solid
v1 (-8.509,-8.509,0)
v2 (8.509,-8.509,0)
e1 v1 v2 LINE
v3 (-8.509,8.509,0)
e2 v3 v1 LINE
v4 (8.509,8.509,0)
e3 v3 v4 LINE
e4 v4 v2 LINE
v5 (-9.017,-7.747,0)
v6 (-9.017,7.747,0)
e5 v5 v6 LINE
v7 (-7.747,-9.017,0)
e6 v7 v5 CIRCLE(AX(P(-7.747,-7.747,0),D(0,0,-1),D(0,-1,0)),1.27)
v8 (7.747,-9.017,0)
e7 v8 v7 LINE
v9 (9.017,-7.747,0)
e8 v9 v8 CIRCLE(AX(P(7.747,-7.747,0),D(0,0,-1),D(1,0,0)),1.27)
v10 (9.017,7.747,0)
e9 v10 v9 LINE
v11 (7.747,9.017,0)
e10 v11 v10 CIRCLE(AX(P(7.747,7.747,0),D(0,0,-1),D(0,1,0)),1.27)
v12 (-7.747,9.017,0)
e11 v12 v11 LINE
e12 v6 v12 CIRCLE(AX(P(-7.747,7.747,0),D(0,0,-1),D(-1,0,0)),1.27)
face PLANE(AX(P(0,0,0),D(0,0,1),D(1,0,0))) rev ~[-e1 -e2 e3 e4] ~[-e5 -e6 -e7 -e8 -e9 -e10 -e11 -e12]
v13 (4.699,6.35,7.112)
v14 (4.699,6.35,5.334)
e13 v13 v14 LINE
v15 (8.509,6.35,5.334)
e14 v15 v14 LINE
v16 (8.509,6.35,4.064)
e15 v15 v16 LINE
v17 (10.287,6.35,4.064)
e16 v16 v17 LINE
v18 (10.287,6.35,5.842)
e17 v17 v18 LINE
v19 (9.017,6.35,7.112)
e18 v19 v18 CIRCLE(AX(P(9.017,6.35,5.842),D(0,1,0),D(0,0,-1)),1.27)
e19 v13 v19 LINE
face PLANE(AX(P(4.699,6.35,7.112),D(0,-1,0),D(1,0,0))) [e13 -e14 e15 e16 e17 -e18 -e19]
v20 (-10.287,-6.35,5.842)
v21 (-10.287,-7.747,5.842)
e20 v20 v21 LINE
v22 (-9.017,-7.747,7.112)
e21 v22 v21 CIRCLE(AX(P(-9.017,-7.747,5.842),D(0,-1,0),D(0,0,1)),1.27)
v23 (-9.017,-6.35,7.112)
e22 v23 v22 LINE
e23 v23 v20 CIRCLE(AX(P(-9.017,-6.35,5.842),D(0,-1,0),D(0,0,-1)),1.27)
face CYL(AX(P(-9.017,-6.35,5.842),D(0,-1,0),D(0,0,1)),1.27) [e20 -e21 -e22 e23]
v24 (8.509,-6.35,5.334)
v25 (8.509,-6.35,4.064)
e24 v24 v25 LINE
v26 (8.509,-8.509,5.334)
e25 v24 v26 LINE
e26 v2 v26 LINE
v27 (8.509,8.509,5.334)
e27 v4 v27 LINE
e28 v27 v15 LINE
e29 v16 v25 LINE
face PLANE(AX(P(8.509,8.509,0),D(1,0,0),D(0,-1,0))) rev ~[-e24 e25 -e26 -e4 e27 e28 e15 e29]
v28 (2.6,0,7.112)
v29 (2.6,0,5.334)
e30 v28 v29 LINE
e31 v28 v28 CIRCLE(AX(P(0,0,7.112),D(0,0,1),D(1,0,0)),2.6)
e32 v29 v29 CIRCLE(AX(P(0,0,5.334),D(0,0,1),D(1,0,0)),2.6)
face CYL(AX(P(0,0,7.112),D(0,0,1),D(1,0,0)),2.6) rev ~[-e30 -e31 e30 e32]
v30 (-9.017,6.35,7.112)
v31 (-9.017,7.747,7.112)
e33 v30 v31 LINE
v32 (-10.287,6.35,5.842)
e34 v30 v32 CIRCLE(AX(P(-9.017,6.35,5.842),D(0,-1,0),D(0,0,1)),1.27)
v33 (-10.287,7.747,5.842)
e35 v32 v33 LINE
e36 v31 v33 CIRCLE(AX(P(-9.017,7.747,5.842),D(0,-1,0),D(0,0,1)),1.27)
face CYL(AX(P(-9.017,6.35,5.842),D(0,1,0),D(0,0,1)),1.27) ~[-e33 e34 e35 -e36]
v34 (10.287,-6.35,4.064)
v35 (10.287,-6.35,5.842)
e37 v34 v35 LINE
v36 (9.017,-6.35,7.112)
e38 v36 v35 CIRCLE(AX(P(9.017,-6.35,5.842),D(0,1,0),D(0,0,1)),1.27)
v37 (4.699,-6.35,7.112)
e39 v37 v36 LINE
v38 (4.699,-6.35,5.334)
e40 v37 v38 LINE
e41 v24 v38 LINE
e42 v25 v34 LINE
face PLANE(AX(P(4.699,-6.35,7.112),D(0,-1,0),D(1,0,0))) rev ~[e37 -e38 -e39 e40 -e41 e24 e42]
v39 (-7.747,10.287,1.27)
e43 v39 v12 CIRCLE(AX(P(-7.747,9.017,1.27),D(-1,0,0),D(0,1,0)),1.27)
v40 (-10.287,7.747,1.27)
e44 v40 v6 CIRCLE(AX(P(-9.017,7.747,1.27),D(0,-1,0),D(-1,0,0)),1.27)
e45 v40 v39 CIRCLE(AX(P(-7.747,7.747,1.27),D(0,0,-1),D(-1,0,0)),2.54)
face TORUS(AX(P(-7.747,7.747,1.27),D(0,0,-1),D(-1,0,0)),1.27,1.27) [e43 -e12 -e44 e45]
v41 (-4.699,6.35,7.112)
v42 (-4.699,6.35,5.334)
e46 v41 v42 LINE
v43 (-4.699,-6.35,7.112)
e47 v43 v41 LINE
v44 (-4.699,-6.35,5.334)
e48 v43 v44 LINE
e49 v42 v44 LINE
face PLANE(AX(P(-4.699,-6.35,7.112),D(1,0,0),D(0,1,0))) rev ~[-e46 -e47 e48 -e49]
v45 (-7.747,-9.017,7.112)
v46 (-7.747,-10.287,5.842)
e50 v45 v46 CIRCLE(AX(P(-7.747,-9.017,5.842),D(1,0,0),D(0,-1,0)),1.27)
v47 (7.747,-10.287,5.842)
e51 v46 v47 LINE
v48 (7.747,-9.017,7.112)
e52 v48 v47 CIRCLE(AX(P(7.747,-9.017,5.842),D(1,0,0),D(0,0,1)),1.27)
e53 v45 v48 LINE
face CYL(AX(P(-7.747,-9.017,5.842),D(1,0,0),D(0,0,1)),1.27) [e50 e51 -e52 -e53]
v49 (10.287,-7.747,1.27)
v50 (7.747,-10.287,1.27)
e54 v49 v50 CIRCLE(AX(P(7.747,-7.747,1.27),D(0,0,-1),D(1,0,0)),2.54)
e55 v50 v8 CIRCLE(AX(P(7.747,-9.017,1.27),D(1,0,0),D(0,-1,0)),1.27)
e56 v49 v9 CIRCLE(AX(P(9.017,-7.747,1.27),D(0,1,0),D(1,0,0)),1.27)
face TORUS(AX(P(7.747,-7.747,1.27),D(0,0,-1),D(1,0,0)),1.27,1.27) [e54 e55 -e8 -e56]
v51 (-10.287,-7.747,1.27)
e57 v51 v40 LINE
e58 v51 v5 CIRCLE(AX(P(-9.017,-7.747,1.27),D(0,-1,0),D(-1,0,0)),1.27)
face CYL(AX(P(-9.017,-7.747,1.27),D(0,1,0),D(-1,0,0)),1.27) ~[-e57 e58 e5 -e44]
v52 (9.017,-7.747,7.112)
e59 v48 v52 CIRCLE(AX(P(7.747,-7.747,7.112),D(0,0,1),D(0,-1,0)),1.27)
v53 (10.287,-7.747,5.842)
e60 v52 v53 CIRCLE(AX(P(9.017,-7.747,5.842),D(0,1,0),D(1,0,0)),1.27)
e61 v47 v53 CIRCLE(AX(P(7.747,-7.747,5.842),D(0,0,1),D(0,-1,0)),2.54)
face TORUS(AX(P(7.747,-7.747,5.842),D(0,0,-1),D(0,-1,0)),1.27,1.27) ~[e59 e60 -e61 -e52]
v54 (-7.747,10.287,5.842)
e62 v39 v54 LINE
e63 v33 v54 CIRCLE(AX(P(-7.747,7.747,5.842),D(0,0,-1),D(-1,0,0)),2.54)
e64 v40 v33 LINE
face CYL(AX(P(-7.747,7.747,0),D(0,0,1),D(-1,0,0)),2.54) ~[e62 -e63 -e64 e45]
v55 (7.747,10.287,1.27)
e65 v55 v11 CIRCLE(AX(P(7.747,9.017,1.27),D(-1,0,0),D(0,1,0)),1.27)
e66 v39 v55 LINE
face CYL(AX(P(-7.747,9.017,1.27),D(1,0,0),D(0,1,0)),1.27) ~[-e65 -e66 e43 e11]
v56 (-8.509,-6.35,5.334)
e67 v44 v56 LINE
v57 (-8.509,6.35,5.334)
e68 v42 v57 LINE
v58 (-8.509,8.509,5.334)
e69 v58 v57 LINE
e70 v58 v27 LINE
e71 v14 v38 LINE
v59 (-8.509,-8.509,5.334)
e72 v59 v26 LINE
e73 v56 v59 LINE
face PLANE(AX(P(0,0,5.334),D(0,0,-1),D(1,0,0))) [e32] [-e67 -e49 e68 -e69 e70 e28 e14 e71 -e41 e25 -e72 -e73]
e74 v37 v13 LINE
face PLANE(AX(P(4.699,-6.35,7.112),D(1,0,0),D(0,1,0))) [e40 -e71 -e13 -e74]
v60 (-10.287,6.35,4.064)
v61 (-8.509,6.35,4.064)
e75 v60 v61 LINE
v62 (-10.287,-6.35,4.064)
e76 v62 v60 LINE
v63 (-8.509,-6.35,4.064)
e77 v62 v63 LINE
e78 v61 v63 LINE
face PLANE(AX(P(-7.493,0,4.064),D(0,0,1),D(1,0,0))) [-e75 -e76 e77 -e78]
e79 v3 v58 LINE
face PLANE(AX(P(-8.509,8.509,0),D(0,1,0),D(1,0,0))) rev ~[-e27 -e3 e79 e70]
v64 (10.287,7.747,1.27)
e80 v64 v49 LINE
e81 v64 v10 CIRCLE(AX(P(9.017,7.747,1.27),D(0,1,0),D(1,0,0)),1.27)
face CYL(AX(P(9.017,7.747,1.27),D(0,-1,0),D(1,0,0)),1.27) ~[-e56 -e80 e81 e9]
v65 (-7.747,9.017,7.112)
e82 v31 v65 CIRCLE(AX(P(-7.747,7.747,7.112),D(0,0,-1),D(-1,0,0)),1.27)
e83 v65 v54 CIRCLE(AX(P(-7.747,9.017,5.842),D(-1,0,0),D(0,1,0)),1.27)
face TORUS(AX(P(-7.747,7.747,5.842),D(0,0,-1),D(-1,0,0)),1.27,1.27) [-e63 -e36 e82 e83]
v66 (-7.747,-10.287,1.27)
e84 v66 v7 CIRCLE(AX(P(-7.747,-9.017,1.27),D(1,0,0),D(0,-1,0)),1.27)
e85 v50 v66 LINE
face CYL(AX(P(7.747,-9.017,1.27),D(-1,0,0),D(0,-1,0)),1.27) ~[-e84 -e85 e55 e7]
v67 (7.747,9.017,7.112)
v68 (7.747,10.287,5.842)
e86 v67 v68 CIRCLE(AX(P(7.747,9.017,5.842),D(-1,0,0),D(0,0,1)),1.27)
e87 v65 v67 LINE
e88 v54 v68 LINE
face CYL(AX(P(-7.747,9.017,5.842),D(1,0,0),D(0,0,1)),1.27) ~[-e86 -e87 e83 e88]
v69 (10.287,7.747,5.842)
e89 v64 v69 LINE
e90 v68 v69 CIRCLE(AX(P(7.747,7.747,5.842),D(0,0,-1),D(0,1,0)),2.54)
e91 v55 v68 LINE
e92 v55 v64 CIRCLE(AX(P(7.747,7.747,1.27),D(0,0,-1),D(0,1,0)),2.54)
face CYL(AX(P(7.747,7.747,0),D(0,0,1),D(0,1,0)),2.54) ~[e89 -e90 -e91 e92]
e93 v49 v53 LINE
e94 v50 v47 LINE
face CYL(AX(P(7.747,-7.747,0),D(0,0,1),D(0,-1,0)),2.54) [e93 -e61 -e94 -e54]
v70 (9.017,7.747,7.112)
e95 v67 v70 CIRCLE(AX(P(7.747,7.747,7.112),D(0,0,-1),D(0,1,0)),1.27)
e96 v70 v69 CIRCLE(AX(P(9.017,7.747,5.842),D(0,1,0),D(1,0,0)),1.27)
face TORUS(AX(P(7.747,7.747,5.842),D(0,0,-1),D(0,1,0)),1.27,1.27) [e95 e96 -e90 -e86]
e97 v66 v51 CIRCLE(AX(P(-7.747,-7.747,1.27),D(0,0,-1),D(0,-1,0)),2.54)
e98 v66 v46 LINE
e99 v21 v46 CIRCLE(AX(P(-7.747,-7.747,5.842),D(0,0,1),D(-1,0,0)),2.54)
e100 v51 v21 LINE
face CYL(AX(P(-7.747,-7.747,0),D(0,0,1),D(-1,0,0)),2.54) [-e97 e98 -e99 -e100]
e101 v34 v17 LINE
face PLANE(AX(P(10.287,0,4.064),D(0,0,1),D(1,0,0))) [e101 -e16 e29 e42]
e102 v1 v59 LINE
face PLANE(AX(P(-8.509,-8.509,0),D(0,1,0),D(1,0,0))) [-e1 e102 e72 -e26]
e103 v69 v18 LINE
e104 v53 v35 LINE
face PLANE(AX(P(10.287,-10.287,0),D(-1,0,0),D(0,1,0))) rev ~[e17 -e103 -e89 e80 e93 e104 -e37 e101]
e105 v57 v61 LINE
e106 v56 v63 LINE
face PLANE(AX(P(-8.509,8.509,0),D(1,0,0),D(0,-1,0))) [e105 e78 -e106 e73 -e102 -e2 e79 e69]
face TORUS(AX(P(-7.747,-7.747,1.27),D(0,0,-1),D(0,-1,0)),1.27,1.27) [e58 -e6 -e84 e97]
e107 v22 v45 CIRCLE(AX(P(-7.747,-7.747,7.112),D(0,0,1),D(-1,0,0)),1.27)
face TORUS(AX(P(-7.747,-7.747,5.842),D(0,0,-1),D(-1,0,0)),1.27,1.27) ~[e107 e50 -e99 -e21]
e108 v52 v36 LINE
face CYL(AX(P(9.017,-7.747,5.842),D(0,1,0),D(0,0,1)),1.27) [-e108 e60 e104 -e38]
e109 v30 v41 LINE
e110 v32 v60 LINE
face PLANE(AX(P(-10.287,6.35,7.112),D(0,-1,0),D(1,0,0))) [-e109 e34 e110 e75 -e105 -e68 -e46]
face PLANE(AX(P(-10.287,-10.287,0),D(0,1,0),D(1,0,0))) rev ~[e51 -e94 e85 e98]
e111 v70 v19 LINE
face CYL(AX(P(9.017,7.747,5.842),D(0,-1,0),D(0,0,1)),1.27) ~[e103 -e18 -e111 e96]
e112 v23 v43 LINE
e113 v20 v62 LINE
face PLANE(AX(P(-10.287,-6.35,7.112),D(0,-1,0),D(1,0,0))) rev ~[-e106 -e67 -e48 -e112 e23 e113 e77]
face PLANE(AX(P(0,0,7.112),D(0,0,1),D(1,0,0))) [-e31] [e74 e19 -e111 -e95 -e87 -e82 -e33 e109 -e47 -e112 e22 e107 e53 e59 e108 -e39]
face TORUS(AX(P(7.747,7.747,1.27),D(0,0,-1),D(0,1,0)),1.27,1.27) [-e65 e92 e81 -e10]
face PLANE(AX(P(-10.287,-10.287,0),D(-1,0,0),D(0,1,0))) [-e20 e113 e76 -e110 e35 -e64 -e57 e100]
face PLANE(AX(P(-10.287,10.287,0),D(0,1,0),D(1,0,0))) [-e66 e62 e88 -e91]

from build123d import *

# Parameters (mm, degrees)
F0_W      = 20.574
F0_H      = 20.574
F1_DEPTH  = 7.112
F2_W      = 17.018
F2_H      = 17.018
F3_DEPTH  = 5.334
F4_R      = 2.54
F5_W      = 5.588
F5_H      = 12.7
F6_DEPTH  = 3.048
F7_W      = 11.176
F7_H      = 12.7
F8_DEPTH  = 3.048
F9_R      = 2.6
F10_DEPTH = 1.778
F11_R     = 1.27
F12_R     = 1.27


with BuildPart() as f1:
    # F0 (on Top) → F1 (new body)
    with BuildSketch(Plane.XY):
        Rectangle(F0_W, F0_H)
    extrude(amount=F1_DEPTH)

    # F2 (on face) → F3 (cut)
    with BuildSketch(Plane(origin=(0, 0, 0), x_dir=(1, 0, 0), z_dir=(0, 0, -1))):
        Rectangle(F2_W, F2_H)
    extrude(amount=-F3_DEPTH, mode=Mode.SUBTRACT)

    # F4
    f4_edges = [f1.edges().sort_by_distance(p)[0] for p in [
        (-10.287, -10.287, 3.556),
        (10.287, 10.287, 3.556),
        (10.287, -10.287, 3.556),
        (-10.287, 10.287, 3.556),
    ]]
    fillet(f4_edges, radius=F4_R)

    # F5 (on face) → F6 (cut)
    with BuildSketch(Plane.XY.offset(7.112)):
        with Locations((-7.493, 0)):
            Rectangle(F5_W, F5_H)
    extrude(amount=-F6_DEPTH, mode=Mode.SUBTRACT)

    # F7 (on face) → F8 (cut)
    with BuildSketch(Plane.XY.offset(7.112)):
        with Locations((10.287, 0)):
            Rectangle(F7_W, F7_H)
    extrude(amount=-F8_DEPTH, mode=Mode.SUBTRACT)

    # F9 (on face) → F10 (cut)
    with BuildSketch(Plane.XY.offset(7.112)):
        Circle(F9_R)
    extrude(amount=-F10_DEPTH, mode=Mode.SUBTRACT)

    # F11
    f11_edges = [f1.edges().sort_by_distance(p)[0] for p in [
        (0, 10.287, 7.112),
        (0, -10.287, 7.112),
    ]]
    fillet(f11_edges, radius=F11_R)

    # F12
    f12_edges = [f1.edges().sort_by_distance(p)[0] for p in [
        (-10.287, 0, 0),
        (0, 10.287, 0),
        (-9.543051, 9.543051, 0),
    ]]
    fillet(f12_edges, radius=F12_R)


solid = f1.part
